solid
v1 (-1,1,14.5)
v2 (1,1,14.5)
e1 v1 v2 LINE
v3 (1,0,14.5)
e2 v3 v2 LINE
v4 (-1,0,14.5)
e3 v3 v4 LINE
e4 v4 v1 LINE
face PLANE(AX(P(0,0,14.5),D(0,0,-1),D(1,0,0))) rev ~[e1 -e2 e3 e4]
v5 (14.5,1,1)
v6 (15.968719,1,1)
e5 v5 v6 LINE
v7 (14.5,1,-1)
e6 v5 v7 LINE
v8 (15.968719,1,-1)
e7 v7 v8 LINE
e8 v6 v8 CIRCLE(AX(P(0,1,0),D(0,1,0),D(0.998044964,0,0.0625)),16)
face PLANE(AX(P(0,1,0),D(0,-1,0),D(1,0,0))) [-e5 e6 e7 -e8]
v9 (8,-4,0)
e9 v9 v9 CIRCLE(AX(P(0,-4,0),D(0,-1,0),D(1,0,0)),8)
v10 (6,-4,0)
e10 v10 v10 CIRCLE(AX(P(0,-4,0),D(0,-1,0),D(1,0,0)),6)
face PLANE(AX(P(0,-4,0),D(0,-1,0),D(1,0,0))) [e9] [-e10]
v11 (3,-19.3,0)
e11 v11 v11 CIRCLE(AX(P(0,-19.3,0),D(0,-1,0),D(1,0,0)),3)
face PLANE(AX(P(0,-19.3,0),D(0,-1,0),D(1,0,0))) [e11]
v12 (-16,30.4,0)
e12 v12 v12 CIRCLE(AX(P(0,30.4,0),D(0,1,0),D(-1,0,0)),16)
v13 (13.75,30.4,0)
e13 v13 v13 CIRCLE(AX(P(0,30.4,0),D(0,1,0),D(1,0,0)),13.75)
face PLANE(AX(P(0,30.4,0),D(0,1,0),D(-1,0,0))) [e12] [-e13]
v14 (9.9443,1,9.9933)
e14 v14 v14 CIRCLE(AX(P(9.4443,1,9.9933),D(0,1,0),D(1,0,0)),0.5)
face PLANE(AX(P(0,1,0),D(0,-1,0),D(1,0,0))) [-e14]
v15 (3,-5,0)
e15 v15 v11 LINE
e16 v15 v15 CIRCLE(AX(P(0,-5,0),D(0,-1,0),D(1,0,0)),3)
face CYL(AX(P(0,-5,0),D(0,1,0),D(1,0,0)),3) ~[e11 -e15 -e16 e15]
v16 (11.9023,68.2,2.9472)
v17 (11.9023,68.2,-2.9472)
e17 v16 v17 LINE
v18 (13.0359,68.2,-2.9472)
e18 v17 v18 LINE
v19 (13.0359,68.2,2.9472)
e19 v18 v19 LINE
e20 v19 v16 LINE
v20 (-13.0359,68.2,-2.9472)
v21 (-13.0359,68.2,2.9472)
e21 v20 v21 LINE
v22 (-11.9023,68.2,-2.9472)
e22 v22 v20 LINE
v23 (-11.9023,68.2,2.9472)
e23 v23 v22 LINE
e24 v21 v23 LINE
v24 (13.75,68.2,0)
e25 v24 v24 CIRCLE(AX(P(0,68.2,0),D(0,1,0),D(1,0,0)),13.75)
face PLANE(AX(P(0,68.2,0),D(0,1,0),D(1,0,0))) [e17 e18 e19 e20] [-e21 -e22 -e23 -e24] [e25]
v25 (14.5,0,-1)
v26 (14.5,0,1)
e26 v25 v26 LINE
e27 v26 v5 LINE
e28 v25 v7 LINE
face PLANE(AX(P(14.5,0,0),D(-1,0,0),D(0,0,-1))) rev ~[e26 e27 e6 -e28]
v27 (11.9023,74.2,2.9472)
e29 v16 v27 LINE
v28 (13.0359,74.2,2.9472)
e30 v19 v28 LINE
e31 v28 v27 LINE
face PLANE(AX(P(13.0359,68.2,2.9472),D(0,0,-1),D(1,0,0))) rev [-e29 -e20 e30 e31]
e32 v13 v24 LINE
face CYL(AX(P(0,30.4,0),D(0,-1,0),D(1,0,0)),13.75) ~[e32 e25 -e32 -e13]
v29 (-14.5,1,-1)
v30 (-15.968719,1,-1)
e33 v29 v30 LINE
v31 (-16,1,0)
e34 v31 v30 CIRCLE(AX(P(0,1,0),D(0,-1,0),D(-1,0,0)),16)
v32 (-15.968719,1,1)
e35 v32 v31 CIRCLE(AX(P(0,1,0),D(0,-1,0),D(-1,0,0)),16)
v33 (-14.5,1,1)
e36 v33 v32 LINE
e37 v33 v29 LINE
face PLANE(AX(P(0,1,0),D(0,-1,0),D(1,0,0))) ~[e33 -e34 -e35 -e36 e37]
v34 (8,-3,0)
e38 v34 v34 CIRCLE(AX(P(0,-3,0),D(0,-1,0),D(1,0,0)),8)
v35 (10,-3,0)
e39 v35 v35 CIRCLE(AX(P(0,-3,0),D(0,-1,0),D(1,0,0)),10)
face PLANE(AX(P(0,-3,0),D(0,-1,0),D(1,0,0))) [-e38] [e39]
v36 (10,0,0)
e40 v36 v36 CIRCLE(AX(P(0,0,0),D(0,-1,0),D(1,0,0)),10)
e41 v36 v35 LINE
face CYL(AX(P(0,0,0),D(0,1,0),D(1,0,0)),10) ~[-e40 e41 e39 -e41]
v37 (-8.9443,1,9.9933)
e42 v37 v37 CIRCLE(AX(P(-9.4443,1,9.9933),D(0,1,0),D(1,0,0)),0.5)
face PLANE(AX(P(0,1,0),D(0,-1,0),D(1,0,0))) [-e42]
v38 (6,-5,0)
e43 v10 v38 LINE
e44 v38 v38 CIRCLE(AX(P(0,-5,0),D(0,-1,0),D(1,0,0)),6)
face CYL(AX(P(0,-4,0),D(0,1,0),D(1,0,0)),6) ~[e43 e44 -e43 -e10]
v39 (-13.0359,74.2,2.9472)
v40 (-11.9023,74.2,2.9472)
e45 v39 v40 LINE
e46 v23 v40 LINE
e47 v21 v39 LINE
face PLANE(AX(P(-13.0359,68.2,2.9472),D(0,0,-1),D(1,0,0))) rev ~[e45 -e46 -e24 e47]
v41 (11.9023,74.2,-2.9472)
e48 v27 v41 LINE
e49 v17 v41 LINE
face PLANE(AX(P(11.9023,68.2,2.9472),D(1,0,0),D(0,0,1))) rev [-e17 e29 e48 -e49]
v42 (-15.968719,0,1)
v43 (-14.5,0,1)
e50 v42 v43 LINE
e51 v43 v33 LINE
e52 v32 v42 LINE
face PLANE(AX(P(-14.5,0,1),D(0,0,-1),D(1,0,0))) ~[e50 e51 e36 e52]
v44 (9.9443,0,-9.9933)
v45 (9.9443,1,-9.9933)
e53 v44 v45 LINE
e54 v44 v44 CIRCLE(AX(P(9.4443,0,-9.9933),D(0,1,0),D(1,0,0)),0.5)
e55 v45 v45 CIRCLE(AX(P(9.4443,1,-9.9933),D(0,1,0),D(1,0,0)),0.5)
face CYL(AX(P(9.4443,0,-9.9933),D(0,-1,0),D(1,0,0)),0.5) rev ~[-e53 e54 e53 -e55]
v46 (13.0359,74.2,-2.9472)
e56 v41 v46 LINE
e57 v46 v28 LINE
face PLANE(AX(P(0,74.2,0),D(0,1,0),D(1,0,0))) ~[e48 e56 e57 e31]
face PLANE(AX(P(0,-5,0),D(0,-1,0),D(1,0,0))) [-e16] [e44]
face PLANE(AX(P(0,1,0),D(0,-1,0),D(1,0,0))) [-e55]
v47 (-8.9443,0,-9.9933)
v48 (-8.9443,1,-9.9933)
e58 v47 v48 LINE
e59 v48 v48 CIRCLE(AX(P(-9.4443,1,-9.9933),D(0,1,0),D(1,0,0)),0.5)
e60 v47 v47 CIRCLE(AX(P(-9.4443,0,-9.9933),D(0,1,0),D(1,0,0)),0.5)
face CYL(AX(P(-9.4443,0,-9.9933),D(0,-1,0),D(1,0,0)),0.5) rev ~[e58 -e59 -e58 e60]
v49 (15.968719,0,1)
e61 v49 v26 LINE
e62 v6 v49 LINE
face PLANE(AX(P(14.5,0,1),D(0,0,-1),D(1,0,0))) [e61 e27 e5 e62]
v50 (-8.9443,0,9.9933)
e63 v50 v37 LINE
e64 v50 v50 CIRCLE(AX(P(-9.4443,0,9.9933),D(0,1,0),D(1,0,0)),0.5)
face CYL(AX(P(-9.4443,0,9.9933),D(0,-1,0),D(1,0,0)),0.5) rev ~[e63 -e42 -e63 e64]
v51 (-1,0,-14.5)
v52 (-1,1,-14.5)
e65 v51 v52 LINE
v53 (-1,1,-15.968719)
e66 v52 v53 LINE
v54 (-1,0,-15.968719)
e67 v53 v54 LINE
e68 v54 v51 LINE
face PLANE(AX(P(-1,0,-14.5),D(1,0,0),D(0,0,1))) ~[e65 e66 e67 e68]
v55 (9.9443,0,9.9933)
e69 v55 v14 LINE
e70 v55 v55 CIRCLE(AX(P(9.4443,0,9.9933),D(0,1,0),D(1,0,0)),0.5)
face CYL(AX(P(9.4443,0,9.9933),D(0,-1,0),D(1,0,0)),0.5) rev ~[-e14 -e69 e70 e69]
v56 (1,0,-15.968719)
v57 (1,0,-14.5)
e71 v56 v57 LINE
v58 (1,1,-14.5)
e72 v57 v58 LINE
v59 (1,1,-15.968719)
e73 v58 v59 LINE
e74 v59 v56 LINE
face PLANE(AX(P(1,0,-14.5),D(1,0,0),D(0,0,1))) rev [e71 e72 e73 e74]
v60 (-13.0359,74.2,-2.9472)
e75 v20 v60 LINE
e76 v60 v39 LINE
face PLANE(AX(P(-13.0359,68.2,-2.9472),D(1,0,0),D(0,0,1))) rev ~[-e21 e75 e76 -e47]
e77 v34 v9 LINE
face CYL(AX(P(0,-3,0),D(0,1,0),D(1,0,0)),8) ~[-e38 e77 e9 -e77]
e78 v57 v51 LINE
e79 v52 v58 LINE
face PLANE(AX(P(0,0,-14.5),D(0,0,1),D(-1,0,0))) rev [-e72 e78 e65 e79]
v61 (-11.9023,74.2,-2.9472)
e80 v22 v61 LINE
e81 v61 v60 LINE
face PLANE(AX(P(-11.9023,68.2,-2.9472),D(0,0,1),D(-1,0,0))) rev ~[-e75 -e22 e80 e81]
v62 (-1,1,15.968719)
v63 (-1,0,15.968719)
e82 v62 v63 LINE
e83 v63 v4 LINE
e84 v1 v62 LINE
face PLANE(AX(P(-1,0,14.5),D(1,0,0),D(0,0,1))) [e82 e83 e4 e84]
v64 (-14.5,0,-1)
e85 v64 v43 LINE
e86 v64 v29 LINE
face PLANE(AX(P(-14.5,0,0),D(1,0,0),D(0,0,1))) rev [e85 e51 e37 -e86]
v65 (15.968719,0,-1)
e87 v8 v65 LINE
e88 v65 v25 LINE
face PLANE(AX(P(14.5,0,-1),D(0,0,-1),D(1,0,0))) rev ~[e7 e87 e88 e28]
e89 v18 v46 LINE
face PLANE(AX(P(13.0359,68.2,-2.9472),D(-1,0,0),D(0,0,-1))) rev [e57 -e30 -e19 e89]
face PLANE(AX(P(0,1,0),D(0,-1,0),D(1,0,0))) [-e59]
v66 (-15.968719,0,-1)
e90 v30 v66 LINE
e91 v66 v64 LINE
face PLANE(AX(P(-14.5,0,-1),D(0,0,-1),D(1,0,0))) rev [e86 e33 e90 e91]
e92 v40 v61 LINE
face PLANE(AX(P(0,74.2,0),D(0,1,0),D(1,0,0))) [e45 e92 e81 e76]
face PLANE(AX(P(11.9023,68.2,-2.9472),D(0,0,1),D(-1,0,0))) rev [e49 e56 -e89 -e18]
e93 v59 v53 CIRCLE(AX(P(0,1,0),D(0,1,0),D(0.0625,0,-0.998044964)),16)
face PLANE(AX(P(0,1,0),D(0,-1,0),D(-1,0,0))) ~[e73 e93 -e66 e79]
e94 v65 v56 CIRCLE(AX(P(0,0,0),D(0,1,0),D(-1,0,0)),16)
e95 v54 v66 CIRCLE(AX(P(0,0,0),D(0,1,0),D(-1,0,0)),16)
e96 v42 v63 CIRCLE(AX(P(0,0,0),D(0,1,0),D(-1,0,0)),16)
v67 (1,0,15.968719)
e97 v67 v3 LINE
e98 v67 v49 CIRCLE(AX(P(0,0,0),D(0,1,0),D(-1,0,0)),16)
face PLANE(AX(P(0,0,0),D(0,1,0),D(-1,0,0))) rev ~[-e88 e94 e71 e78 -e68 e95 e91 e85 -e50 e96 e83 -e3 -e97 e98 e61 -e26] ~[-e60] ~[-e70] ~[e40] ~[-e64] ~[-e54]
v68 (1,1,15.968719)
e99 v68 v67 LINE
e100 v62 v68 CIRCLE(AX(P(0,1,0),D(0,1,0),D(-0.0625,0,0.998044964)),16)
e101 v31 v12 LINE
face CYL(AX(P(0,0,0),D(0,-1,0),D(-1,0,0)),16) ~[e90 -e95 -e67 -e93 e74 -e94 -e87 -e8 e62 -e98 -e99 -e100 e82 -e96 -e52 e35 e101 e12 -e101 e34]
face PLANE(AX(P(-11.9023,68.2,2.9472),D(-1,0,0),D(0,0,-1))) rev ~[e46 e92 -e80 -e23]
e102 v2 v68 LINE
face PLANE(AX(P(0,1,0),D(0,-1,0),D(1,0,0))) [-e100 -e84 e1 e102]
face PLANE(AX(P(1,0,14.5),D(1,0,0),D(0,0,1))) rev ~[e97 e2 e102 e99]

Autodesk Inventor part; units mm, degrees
ref_plane "XZ Plane" through (0, 0, 0) normal (0, 1, 0) x (-1, 0, 0)
sketch "Sketch1" plane through (0, 0, 0) normal (0, 1, 0) x (-1, 0, 0)
  circle A0 centre (0, 0) radius 16
  dimension "d0" = 32
extrude "Extrusion1" add sketch "Sketch1" along normal blind 30.4
sketch "Sketch2" plane through (0, 30.4, 0) normal (0, 1, 0) x (1, 0, 0)
  circle A0 centre (0, 0) radius 13.75
  dimension "d3" = 27.5
extrude "Extrusion2" add sketch "Sketch2" along normal blind 37.8
sketch "Sketch3" plane through (0, 0, 0) normal (0, -1, 0) x (1, 0, 0)
  circle A0 centre (0, 0) radius 10
  dimension "d6" = 20
extrude "Extrusion3" add sketch "Sketch3" along normal blind 3
sketch "Sketch4" plane through (0, -3, 0) normal (0, -1, 0) x (1, 0, 0)
  circle A0 centre (0, 0) radius 8
  dimension "d9" = 16
extrude "Extrusion4" add sketch "Sketch4" along normal blind 1
sketch "Sketch5" plane through (0, -4, 0) normal (0, -1, 0) x (1, 0, 0)
  circle A0 centre (0, 0) radius 6
  dimension "d12" = 12
extrude "Extrusion5" add sketch "Sketch5" along normal blind 1
sketch "Sketch6" plane through (0, -5, 0) normal (0, -1, 0) x (1, 0, 0)
  circle A0 centre (0, 0) radius 3
  dimension "d15" = 6
extrude "Extrusion6" add sketch "Sketch6" along normal blind 14.3
sketch "Sketch7" plane through (0, 68.2, 0) normal (0, 1, 0) x (1, 0, 0)
  line L0 (-9.25, -6) -> (-10.75, -6)
  line L1 (-10.75, -6) -> (-10.75, 6)
  line L2 (-10.75, 6) -> (-9.25, 6)
  line L3 (-9.25, 6) -> (-9.25, -6)
  circle A0 centre (0, 0) radius 10 projected
  line L4 (-9.25, -6) -> (-10.75, 6) construction
  line L5 (-10.75, -6) -> (-9.25, 6) construction
  point P0 (-10, 0)
  dimension "d18" = 12
  dimension "d19" = 1.5
extrude "Extrusion7" [suppressed]
sketch "Sketch8" plane through (-10.75, 68.2, -6) normal (-1, 0, 0) x (0, 0, 1)
  line L0 (1.5, 11.5) -> (10.5, 11.5)
  line L1 (10.5, 11.5) -> (10.5, 8.812)
  line L2 (10.5, 8.812) -> (1.5, 8.812)
  line L3 (1.5, 8.812) -> (1.5, 11.5)
  line L4 (0, 12.5) -> (12, 12.5) projected
  line L5 (0, 0) -> (0, 12.5) projected
  line L6 (12, 0) -> (12, 12.5) projected
  point P0 (6, -68.2)
  dimension "d22" = 1
  dimension "d23" = 1.5
  dimension "d24" = 1.5
extrude "Extrusion8" [suppressed]
sketch "Sketch9" plane through (0, 0, 0) normal (0, -1, 0) x (1, 0, 0)
  circle A0 centre (0, 0) radius 13.75 projected
  line L0 (-9.4443, 9.9933) -> (9.4443, 9.9933)
  line L1 (9.4443, 9.9933) -> (9.4443, -9.9933)
  line L2 (9.4443, -9.9933) -> (-9.4443, -9.9933)
  line L3 (-9.4443, -9.9933) -> (-9.4443, 9.9933)
  line L4 (-9.4443, 9.9933) -> (9.4443, -9.9933) construction
  line L5 (9.4443, 9.9933) -> (-9.4443, -9.9933) construction
  circle A1 centre (9.4443, -9.9933) radius 0.5
  circle A2 centre (-9.4443, -9.9933) radius 0.5
  circle A3 centre (-9.4443, 9.9933) radius 0.5
  circle A4 centre (9.4443, 9.9933) radius 0.5
  dimension "d27" = 1
  dimension "d28" = 1
  dimension "d29" = 1
  dimension "d30" = 1
extrude "Extrusion9" cut sketch "Sketch9" against normal blind 1 contours A4 L1 A0 | A0 A4 | A1 A0 | A0 L1 A1 | L0 A4 A0 | L1 A4 L0 | L2 A1 L1 | A0 A1 L2 | A3 L0 A0 | A0 A3 | A3 L3 L0 | A2 A0 | A0 L2 A2 | L2 L3 A2 | L3 A3 A0 | A0 A2 L3
sketch "Sketch10" plane through (0, 0, 0) normal (0, -1, 0) x (1, 0, 0)
  circle A0 centre (0, 0) radius 16 projected
  line L0 (0, 16) -> (0, 14.5)
  line L1 (0, 14.5) -> (-1, 14.5)
  line L2 (-1, 14.5) -> (-1, 16)
  line L3 (-1, 16) -> (0, 16)
  line L4 (0, 16) -> (0, 14.5)
  line L5 (0, 14.5) -> (1, 14.5)
  line L6 (1, 14.5) -> (1, 16)
  line L7 (1, 16) -> (0, 16)
  dimension "d33" = 1
  dimension "d34" = 1
  dimension "d35" = 1.5
extrude "Extrusion10" cut sketch "Sketch10" against normal blind 1 contours L6 L5 L0 A0 | A0 L7 L6 | L2 L3 A0 | A0 L0 L1 L2
mirror "Mirror1" about plane through (0, 0, 0) normal (0, 0, 1) of "Extrusion10"
sketch "Sketch11" plane through (0, 0, 0) normal (0, -1, 0) x (1, 0, 0)
  arc A0 (1, -15.9687) -> (1, 15.9687) centre (0, 0) ccw projected
  line L0 (16, 0) -> (14.5, 0)
  line L1 (14.5, 0) -> (14.5, 1)
  line L2 (14.5, 1) -> (16, 1)
  line L3 (16, 1) -> (16, 0)
  line L4 (16, 0) -> (14.5, 0)
  line L5 (14.5, 0) -> (14.5, -1)
  line L6 (14.5, -1) -> (16, -1)
  line L7 (16, -1) -> (16, 0)
  dimension "d38" = 1
  dimension "d39" = 1
  dimension "d40" = 1.5
extrude "Extrusion11" cut sketch "Sketch11" against normal blind 1
mirror "Mirror2" about plane through (0, 0, 0) normal (1, 0, 0) of "Extrusion11"
sketch "Sketch12" plane through (0, 68.2, 0) normal (0, 1, 0) x (1, 0, 0)
  line L0 (-13.0359, 2.9472) -> (-13.0359, -2.9472)
  line L1 (-13.0359, -2.9472) -> (-11.9023, -2.9472)
  line L2 (-11.9023, -2.9472) -> (-11.9023, 2.9472)
  line L3 (-11.9023, 2.9472) -> (-13.0359, 2.9472)
  line L4 (-13.0359, 2.9472) -> (-11.9023, -2.9472) construction
  line L5 (-13.0359, -2.9472) -> (-11.9023, 2.9472) construction
  point P0 (0, 0)
  point P1 (-12.4691, 0)
extrude "Extrusion12" add sketch "Sketch12" along normal blind 6
ref_plane "Work Plane1" through (0, 30.4, 13.75) normal (0, 0, 1) x (1, 0, 0)
ref_plane "Work Plane3" through (0, 30.4, 0) normal (0, 0, 1) x (1, 0, 0)
ref_plane "Work Plane2" through (0, 30.4, -13.75) normal (0, 0, 1) x (1, 0, 0)
ref_plane "Work Plane4" through (-13.75, 30.4, 0) normal (1, 0, 0) x (0, 1, 0)
ref_plane "Work Plane6" through (0, 30.4, 0) normal (1, 0, 0) x (0, 1, 0)
ref_plane "Work Plane5" through (13.75, 30.4, 0) normal (1, 0, 0) x (0, 1, 0)
mirror "Mirror3" about plane through (0, 30.4, 0) normal (1, 0, 0) of "Extrusion12"
properties part number "Drive Motor"
